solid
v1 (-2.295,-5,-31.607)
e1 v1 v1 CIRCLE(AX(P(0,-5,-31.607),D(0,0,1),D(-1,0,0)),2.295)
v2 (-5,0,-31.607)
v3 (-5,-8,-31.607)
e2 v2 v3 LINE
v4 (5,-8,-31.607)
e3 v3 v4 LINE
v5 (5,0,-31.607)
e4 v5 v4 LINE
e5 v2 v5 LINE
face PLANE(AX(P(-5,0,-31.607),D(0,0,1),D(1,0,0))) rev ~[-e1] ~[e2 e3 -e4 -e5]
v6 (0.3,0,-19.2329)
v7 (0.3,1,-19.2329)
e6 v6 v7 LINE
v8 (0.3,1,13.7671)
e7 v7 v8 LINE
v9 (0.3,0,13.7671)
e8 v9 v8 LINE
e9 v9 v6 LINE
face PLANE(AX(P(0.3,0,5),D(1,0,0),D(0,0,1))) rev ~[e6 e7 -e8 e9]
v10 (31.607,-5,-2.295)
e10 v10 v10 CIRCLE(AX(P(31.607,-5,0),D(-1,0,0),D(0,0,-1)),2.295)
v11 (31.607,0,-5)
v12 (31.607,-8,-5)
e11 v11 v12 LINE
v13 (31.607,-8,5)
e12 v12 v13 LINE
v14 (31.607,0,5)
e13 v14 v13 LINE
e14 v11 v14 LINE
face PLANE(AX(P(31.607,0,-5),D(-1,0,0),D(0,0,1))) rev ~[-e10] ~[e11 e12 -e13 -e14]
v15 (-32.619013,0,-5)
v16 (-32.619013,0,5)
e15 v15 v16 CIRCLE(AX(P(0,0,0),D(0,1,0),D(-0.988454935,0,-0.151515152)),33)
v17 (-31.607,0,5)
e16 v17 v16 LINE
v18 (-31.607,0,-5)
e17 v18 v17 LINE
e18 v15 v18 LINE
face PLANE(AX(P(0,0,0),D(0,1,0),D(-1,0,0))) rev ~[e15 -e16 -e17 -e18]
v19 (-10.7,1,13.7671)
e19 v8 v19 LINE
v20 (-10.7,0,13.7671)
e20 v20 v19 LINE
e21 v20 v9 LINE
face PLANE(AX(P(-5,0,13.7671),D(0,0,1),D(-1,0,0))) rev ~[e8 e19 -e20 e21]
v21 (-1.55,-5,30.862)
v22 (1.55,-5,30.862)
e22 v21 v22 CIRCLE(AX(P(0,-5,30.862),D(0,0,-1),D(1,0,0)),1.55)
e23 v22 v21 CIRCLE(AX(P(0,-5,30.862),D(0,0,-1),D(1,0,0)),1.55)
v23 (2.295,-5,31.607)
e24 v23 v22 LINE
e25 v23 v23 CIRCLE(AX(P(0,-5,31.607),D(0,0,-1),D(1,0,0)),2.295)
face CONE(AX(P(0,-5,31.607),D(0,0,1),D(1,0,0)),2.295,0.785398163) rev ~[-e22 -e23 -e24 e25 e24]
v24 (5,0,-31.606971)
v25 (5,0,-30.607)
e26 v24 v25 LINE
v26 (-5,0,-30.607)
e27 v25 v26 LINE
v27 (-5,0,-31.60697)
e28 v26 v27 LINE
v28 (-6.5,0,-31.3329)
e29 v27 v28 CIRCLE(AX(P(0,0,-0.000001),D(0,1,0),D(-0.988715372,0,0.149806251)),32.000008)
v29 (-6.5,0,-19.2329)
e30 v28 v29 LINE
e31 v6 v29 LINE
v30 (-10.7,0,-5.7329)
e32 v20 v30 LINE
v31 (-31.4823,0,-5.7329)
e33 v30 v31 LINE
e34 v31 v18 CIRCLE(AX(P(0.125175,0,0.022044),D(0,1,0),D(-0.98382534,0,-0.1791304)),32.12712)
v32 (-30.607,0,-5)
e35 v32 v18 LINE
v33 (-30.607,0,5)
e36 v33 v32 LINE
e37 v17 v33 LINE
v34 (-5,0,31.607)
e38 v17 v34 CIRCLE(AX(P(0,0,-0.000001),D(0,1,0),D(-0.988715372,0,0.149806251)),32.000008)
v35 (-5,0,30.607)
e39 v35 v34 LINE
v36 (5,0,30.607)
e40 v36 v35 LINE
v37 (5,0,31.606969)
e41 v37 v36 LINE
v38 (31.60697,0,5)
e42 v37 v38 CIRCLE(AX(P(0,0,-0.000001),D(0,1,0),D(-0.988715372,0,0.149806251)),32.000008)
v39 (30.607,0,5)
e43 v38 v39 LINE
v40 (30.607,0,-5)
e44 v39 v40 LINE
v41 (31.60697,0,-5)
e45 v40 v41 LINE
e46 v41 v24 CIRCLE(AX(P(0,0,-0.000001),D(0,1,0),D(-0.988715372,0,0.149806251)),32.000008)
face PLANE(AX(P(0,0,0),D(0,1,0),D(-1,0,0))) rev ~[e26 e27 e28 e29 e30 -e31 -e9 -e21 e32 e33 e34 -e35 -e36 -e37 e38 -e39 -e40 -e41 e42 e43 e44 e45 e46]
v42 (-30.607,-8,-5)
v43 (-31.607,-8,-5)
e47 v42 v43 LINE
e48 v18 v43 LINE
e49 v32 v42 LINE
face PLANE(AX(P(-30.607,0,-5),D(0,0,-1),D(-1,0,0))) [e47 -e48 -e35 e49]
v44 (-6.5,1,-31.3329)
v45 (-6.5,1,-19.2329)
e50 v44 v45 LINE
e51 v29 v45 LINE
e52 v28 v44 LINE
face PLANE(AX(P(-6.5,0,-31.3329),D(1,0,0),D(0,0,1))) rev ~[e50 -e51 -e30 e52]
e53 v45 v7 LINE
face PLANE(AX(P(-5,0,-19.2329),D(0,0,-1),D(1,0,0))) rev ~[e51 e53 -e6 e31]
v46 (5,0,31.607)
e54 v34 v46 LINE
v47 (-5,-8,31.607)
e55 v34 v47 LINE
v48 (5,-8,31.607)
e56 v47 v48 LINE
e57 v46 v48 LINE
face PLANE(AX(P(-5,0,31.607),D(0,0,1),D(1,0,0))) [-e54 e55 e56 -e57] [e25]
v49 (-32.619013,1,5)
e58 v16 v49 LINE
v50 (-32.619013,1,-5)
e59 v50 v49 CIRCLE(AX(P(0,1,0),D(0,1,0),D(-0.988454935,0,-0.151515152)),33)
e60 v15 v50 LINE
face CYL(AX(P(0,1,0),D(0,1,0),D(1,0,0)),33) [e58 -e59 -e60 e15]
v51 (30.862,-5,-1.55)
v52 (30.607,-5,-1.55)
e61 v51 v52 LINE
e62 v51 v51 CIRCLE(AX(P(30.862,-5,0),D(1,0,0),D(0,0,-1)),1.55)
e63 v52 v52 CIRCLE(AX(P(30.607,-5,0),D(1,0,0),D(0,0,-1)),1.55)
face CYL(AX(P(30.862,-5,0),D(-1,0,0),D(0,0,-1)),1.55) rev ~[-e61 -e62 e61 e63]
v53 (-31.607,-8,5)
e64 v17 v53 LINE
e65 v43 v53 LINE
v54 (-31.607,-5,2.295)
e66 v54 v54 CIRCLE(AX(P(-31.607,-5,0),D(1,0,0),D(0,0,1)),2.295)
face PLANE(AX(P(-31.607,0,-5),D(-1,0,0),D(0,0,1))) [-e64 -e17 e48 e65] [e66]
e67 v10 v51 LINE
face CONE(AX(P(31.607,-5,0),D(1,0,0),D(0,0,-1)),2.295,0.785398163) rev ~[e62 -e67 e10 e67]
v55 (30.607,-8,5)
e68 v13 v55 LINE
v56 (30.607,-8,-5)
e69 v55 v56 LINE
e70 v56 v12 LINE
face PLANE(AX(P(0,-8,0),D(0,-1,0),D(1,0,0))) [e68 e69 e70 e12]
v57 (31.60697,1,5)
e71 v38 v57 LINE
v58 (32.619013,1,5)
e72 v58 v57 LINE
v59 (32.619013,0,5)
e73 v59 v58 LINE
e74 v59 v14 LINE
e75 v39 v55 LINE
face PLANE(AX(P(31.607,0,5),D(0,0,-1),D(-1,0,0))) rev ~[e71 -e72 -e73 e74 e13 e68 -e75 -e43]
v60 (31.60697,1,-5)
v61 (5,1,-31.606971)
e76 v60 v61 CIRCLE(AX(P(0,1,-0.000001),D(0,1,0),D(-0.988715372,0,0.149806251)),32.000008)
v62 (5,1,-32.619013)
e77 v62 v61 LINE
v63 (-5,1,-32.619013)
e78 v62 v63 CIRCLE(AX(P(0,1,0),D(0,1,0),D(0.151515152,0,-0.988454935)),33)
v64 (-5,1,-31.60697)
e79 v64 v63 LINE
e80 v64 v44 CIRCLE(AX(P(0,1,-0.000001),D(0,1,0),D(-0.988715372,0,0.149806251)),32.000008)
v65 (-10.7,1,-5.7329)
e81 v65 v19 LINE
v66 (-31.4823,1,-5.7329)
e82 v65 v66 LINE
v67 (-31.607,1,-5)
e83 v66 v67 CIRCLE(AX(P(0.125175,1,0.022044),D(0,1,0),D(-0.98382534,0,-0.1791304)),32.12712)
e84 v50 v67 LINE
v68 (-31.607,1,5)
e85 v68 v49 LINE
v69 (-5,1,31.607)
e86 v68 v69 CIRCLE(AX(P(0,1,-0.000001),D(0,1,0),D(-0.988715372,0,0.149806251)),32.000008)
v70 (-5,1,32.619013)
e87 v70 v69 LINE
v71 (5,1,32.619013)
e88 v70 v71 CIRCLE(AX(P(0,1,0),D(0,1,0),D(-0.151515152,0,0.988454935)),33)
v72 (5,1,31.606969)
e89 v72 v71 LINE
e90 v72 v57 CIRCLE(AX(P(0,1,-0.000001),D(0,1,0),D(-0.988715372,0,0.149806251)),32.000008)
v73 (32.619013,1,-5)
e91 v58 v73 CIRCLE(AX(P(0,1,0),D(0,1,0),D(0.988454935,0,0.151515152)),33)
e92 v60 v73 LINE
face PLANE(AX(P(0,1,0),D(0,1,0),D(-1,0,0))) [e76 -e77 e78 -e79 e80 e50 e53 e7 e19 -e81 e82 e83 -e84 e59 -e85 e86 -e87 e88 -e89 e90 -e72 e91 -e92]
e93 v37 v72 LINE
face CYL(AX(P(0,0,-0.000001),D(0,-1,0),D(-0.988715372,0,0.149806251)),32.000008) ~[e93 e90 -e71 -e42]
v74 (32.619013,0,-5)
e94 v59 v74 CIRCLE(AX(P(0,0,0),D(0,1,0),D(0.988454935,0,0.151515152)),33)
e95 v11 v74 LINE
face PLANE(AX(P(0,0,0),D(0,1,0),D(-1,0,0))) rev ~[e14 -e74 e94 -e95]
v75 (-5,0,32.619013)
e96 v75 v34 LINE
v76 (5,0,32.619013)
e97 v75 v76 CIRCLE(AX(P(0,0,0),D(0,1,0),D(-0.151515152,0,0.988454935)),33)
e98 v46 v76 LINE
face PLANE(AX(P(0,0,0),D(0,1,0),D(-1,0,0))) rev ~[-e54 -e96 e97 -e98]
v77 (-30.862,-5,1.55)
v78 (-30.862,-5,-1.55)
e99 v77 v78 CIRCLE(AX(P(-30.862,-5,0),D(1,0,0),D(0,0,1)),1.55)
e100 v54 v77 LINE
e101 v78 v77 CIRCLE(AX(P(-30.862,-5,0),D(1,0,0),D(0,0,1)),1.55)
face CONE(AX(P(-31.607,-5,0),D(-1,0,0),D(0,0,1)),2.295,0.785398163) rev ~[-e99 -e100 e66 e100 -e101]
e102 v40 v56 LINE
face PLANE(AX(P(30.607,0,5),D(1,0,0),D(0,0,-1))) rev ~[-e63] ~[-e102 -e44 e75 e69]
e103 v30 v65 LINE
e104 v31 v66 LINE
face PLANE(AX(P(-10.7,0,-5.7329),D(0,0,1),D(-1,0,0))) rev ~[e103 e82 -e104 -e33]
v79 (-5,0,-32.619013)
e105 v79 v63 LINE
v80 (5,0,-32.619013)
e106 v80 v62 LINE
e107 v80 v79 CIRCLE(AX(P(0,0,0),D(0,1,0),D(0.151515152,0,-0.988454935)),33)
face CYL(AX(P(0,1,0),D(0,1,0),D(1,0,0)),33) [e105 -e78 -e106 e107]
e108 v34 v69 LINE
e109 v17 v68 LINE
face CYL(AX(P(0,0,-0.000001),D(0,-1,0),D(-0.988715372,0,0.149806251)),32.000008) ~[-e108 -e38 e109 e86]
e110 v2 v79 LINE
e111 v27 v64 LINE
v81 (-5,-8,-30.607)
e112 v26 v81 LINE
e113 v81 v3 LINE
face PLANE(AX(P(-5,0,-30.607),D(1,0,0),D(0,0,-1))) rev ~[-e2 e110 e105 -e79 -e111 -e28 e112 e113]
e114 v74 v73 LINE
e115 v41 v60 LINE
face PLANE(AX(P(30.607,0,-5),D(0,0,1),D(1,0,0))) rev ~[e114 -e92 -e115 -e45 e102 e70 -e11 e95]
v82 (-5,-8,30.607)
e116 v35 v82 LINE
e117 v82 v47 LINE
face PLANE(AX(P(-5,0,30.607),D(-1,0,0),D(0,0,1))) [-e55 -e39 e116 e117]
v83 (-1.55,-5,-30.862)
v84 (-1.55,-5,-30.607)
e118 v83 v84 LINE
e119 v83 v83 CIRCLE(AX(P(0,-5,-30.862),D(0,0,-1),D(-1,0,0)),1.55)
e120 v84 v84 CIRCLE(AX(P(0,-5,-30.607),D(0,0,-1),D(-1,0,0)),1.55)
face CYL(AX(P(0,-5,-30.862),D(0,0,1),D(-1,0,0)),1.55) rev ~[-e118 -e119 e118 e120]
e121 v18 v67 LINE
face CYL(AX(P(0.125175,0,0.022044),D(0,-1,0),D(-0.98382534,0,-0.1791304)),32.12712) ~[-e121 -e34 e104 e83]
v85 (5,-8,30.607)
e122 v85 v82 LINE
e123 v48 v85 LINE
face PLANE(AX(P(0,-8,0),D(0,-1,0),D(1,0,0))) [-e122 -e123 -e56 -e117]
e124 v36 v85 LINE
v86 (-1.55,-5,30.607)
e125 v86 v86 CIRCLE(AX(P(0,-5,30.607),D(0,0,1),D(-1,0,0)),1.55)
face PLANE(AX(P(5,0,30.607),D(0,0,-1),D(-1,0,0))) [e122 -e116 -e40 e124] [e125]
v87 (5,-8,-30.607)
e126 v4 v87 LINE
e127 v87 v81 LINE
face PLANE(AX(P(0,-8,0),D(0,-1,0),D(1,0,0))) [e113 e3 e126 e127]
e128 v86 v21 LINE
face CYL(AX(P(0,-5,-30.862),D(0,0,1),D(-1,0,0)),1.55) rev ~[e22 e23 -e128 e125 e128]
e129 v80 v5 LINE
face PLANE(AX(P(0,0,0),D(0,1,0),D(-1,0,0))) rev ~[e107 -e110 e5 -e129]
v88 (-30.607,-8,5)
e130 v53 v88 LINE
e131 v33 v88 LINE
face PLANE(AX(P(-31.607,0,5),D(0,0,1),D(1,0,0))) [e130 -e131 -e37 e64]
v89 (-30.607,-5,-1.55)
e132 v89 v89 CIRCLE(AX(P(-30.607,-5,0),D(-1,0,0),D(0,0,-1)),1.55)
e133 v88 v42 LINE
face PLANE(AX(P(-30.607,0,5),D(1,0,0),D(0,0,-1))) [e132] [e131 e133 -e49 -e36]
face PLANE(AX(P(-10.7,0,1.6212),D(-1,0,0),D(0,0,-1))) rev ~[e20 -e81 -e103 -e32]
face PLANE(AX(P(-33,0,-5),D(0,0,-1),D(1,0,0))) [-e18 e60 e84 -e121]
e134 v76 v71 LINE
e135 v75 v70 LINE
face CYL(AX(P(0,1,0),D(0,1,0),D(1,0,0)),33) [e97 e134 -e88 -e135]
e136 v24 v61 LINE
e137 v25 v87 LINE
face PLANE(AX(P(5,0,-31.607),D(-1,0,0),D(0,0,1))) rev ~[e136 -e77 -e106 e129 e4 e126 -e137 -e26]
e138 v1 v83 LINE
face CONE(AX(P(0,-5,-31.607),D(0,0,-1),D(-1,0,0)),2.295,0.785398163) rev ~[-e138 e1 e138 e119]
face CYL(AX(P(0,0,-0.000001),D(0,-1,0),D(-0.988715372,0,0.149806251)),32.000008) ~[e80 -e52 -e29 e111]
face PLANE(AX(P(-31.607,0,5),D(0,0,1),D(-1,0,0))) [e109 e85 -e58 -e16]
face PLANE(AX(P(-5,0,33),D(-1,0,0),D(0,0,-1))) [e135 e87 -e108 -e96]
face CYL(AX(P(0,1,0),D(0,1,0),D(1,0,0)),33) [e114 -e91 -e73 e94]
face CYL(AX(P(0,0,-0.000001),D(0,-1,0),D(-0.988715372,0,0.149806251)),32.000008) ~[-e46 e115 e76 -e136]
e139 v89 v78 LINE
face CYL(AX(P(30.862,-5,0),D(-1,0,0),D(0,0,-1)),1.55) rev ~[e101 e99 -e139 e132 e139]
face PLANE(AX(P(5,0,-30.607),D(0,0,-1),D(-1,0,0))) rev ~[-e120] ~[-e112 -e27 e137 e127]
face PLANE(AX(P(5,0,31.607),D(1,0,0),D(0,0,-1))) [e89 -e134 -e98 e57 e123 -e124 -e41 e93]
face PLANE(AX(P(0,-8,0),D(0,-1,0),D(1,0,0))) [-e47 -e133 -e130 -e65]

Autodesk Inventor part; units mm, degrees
ref_plane "YZ Plane" through (0, 0, 0) normal (1, 0, 0) x (0, 1, 0)
ref_plane "XZ Plane" through (0, 0, 0) normal (0, 1, 0) x (-1, 0, 0)
sketch "Sketch1" plane through (0, 0, 0) normal (0, 1, 0) x (-1, 0, 0)
  arc A0 (31.6389, 4.7938) -> (6.5, -31.3329) centre (0, 0) ccw
  line L0 (-5, 33) -> (5, 33)
  line L1 (5, 33) -> (5, 31.607)
  line L2 (5, -33) -> (-5, -33)
  line L3 (-5, -33) -> (-5, 5)
  line L4 (-5, 33) -> (5, -33) construction
  line L5 (5, 33) -> (-5, -33) construction
  line L6 (-33, 5) -> (-5, 5)
  line L7 (33, 5) -> (33, -5)
  line L8 (33, -5) -> (31.607, -5)
  line L9 (-33, -5) -> (-33, 5)
  line L10 (-33, 5) -> (33, -5) construction
  line L11 (33, 5) -> (-33, -5) construction
  arc A1 (4.7938, -31.6389) -> (6.5, -31.3329) centre (0, 0) ccw
  line L12 (6.5, -31.3329) -> (6.5, -19.2329)
  line L13 (6.5, -19.2329) -> (-0.3, -19.2329)
  line L14 (-0.3, -19.2329) -> (-0.3, -5.7329)
  line L15 (-0.3, 13.7671) -> (5, 13.7671)
  line L16 (10.7, 13.7671) -> (10.7, 5)
  line L17 (10.7, -5.7329) -> (31.4823, -5.7329)
  arc A2 (31.4823, -5.7329) -> (31.607, -5) centre (0, 0) ccw
  arc A3 (31.6389, -4.7938) -> (31.6389, 4.7938) centre (0, 0) ccw
  line L18 (5, -19.2329) -> (5, -33)
  line L19 (5, 13.7671) -> (5, 5)
  line L20 (10.7, 1.6212) -> (10.7, -5.7329)
  line L21 (-0.3, -5) -> (-0.3, 5)
  arc A4 (6.5, -31.3329) -> (10.7, -30.1581) centre (0, 0) ccw
  line L22 (5, -5) -> (0.7576, -5)
  line L23 (5, 5) -> (10.7, 5)
  line L24 (-5, 5) -> (-0.3, 5)
  line L25 (-5, -5) -> (-33, -5)
  line L26 (-5, 5) -> (-5, 33)
  line L27 (5, 5) -> (5, -5)
  line L28 (5, 31.607) -> (5, 13.7671)
  arc A5 (10.7, -30.1581) -> (31.4823, -5.7329) centre (0, 0) ccw
  arc A6 (6.5, -31.3329) -> (31.6389, -4.7938) centre (0, 0) ccw
  line L29 (-0.3, -5.7329) -> (-0.3, -5)
  line L30 (5, -5) -> (5, -5.7329)
  line L31 (10.7, 5) -> (31.607, 5)
  line L32 (10.7, -5) -> (5, -5)
  line L33 (0.7576, 5) -> (5, 5)
  line L34 (-0.3, 5) -> (0.7576, 5)
  line L35 (5, 13.7671) -> (10.7, 13.7671)
  line L36 (-0.3, 5) -> (-0.3, 13.7671)
  line L37 (31.607, 5) -> (33, 5)
  line L38 (10.7, 5) -> (10.7, 1.6212)
  line L39 (31.607, -5) -> (10.7, -5)
  line L40 (0.7576, -5) -> (-5, -5)
  line L41 (5, -5.7329) -> (5, -19.2329)
  dimension "d0" = 64
  dimension "d1" = 10
  dimension "d2" = 66
  dimension "d3" = 66
  dimension "d4" = 10
  dimension "d11" = 12.1
  dimension "d12" = 6.8
  dimension "d13" = 33
  dimension "d14" = 0.3
  dimension "d15" = 11
  dimension "d16" = 19.5
ref_plane "Work Plane1" through (0, 1, 0) normal (0, 1, 0) x (1, 0, 0)
sketch "Sketch2" plane through (0, 1, 0) normal (0, 1, 0) x (1, 0, 0)
  circle A0 centre (0, 0) radius 33
  dimension "d7" = 66
extrude "Extrusion2" [suppressed]
extrude "Extrusion3" add sketch "Sketch1" along normal blind 1 contours A3 A6 L39 L20 L38 L31 A0 | A0 L37 L7 L8 A6 A3 | L31 L16 L35 L28 A0 | L28 L15 L36 L24 L26 A0 | A0 L26 L0 L1 | A2 L17 L20 L39 | L26 L6 A0 | L6 L3 L25 A0 | A0 L25 L9 L6 | L24 L21 L40 L3 | L25 L3 A0 | L40 L29 L14 L13 L18 A0 L3 | A0 L18 L13 L12 | A0 L18 L2 L3
sketch "Sketch3" plane through (0, 0, 0) normal (0, -1, 0) x (1, 0, 0)
  line L0 (-5, -33) -> (-5, -31.607) projected
  line L1 (-5, -31.607) -> (5, -31.607)
  line L2 (5, -31.607) -> (5, -30.607)
  line L3 (5, -30.607) -> (-5, -30.607)
  line L4 (-5, -30.607) -> (-5, -31.607)
  line L5 (-33, 5) -> (-31.607, 5) projected
  line L6 (-31.607, 5) -> (-30.607, 5)
  line L7 (-30.607, 5) -> (-30.607, -5)
  line L8 (-30.607, -5) -> (-31.607, -5)
  line L9 (-31.607, -5) -> (-31.607, 5)
  line L10 (-5, 31.607) -> (-5, 33) projected
  line L11 (-5, 31.607) -> (5, 31.607)
  line L12 (5, 31.607) -> (5, 30.607)
  line L13 (5, 30.607) -> (-5, 30.607)
  line L14 (-5, 30.607) -> (-5, 31.607)
  line L15 (31.607, 5) -> (30.607, 5)
  line L16 (30.607, 5) -> (30.607, -5)
  line L17 (30.607, -5) -> (31.607, -5)
  line L18 (31.607, -5) -> (31.607, 5)
  line L19 (31.607, 5) -> (33, 5) projected
  dimension "d21" = 10
  dimension "d22" = 1
  dimension "d23" = 1
  dimension "d24" = 10
  dimension "d25" = 10
  dimension "d26" = 1
  dimension "d27" = 1
  dimension "d28" = 10
extrude "Extrusion4" add sketch "Sketch3" along normal blind 8
sketch "Sketch4" plane through (31.607, 0, 5) normal (1, 0, 0) x (0, 0, -1)
  circle A0 centre (5, -5) radius 2.295
  line L0 (0, 0) -> (10, 0) projected
  point P0 (5, 0)
  point P1 (5, 0)
  dimension "d31" = 4.59
  dimension "d32" = 5
hole "Hole1" at (31.607, -5, 0) direction (-1, 0, 0) diameter 3.1 end through all countersink diameter 4.59 countersink angle 90
pattern_circular "Circular Pattern1" count 4 over 360 about axis through (0, 0, 0) along (0, 1, 0) of "Hole1"
sketch "Sketch5" plane through (0, 1, 0) normal (0, 1, 0) x (1, 0, 0)
  circle A0 centre (0, 0) radius 33
  dimension "d43" = 66
extrude "Extrusion5" cut sketch "Sketch5" against normal blind 100 keep common part
properties part number "Hull_top"
